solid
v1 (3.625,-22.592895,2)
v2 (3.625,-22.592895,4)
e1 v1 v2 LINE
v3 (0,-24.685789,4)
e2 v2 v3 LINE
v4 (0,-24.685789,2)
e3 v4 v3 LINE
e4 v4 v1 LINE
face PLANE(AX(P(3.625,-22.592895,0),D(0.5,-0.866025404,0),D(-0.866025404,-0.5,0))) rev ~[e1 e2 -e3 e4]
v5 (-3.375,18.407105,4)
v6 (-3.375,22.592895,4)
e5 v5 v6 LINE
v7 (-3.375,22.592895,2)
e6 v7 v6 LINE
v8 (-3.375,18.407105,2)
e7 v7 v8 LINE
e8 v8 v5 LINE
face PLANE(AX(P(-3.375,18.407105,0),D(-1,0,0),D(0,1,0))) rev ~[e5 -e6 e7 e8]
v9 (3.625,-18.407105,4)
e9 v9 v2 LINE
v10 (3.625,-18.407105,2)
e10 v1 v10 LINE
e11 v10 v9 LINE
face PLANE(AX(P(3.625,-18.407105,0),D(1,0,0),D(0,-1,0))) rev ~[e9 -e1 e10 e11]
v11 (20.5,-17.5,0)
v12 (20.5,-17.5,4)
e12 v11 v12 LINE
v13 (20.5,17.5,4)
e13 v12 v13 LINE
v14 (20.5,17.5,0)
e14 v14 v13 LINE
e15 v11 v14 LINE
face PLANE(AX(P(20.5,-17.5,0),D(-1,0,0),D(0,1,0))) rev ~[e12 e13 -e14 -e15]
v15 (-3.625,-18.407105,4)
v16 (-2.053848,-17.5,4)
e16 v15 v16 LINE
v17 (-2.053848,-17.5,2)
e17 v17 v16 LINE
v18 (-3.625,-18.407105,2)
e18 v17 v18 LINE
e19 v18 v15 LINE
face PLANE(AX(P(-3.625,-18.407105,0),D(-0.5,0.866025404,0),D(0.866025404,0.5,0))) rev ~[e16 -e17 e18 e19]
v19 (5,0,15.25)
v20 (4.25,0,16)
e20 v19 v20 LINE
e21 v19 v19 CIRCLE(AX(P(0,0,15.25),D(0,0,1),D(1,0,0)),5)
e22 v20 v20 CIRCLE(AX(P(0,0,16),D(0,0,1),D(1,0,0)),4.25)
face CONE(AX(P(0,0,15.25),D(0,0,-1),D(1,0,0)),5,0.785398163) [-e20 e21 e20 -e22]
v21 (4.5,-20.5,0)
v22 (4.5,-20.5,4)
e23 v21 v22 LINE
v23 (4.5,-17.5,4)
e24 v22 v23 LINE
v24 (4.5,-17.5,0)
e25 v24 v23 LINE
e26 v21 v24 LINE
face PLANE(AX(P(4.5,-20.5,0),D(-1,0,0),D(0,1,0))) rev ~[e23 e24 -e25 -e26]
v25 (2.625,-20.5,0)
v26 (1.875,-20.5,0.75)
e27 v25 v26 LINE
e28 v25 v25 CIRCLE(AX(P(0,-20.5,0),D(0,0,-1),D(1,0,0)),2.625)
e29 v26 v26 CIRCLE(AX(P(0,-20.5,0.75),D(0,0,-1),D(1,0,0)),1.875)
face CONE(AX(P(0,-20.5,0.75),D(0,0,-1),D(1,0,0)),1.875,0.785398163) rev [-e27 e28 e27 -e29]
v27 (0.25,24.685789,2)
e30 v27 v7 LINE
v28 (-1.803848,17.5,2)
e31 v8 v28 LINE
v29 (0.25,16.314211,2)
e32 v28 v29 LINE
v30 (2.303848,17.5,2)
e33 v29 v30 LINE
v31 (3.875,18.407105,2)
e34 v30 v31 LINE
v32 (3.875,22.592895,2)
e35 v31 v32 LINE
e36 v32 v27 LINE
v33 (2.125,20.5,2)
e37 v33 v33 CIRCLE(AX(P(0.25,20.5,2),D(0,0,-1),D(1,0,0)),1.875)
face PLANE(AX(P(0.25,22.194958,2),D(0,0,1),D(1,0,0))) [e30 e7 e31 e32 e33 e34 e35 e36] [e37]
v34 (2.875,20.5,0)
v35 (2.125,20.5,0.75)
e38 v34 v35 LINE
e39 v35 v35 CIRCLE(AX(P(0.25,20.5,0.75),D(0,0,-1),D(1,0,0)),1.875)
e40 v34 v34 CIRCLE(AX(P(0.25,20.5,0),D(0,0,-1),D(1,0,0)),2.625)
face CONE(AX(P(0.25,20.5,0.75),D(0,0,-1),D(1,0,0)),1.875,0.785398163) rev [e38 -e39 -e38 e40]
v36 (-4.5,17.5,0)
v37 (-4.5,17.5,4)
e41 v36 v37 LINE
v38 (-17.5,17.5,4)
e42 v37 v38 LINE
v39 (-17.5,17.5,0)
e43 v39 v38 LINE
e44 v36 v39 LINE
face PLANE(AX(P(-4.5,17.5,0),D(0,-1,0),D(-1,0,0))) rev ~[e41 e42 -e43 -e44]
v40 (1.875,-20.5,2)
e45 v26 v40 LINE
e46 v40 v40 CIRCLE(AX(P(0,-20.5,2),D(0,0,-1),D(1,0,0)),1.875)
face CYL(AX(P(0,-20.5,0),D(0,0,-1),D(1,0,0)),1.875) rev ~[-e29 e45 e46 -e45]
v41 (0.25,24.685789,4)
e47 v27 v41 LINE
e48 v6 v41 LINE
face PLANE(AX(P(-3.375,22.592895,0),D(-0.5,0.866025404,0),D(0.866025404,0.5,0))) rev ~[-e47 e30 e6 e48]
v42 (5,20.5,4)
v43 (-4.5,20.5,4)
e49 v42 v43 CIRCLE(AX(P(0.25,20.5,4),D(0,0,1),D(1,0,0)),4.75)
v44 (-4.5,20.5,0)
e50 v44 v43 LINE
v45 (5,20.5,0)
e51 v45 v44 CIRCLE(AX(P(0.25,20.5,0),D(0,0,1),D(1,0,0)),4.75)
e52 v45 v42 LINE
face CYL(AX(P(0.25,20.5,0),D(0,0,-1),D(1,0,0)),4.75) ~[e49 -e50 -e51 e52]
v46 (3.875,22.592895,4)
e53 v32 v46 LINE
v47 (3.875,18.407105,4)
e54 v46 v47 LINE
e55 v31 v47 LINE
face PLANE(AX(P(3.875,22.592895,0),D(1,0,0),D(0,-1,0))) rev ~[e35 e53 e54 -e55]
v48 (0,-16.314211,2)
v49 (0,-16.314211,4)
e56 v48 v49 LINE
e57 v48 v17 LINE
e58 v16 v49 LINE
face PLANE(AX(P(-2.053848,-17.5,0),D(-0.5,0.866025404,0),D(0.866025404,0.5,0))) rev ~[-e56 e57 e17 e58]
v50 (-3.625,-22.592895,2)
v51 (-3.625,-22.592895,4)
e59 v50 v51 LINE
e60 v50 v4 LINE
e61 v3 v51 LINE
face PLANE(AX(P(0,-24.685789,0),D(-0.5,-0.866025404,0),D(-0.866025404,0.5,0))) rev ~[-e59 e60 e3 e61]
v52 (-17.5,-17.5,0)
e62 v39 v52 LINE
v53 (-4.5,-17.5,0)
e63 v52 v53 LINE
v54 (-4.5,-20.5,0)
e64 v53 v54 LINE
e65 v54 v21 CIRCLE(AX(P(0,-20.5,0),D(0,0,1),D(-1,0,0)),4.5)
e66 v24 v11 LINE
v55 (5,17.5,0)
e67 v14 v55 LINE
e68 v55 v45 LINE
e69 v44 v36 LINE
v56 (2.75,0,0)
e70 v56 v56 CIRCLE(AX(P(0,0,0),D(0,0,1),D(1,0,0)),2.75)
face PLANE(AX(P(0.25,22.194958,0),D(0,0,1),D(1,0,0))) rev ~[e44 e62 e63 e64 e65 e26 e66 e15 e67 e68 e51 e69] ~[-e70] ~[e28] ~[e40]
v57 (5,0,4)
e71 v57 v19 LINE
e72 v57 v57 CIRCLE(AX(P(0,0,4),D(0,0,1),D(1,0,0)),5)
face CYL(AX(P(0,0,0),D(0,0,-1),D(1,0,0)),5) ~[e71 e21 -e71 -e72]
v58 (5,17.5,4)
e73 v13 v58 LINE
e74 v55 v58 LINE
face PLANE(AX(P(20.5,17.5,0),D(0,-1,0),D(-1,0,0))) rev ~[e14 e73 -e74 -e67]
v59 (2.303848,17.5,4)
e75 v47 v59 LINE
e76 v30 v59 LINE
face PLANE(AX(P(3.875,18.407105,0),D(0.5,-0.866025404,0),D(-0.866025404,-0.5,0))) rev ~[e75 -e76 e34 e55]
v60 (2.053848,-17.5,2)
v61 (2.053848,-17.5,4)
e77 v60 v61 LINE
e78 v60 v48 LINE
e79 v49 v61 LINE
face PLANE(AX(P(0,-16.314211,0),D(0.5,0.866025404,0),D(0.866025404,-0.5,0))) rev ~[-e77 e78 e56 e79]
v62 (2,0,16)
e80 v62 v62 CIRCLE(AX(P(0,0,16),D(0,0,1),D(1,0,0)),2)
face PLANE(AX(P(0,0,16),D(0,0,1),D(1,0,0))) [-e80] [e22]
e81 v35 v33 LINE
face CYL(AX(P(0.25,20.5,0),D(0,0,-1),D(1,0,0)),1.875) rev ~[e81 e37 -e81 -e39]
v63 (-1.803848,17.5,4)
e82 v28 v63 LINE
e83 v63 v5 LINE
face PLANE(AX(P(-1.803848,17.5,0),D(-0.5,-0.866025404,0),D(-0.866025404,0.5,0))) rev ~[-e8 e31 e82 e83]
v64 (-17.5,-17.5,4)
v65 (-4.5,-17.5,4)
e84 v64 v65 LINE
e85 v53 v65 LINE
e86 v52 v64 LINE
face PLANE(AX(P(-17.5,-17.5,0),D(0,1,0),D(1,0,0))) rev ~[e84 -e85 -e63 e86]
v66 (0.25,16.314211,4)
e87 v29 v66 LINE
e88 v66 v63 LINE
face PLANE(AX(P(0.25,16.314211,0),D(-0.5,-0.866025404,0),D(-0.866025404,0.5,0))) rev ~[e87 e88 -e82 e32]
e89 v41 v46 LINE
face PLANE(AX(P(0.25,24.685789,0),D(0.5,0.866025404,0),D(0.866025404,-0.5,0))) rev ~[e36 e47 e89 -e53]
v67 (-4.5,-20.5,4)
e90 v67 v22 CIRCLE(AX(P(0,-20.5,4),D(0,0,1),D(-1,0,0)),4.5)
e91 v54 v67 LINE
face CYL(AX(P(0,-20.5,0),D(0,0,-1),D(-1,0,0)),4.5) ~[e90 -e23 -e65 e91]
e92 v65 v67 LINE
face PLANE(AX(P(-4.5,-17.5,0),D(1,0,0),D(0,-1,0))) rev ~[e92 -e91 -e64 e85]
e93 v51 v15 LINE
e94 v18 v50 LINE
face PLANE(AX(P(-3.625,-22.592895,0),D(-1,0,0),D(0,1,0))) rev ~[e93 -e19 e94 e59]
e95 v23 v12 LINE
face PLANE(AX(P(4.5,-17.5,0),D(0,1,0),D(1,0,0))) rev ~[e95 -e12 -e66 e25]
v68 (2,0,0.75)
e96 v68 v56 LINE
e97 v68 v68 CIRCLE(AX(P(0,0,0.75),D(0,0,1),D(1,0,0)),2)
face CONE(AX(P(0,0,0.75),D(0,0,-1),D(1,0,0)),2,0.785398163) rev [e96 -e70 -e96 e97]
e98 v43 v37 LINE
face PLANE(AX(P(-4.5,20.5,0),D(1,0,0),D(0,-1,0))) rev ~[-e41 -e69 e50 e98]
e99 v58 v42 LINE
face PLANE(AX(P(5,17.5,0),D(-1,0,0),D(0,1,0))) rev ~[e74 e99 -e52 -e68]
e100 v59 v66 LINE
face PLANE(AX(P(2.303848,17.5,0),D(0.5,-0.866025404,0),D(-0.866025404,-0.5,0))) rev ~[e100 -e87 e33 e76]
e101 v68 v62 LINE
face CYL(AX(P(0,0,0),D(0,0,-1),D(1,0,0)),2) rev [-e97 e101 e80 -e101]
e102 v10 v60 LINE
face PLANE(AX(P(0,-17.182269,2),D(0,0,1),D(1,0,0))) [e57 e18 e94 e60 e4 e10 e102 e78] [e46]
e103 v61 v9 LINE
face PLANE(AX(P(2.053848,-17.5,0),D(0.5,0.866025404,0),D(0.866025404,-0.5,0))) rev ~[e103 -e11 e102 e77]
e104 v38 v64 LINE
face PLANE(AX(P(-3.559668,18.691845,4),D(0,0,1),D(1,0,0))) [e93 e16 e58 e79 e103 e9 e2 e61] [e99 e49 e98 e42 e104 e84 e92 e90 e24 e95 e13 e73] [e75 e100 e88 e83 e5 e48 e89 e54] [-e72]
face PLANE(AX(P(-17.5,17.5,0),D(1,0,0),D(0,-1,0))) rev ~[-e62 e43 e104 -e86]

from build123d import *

# Parameters (mm, degrees)
F0_R     = 5
F1_DEPTH = 4
F2_DEPTH = 2
F0_R_2   = 2
F3_DEPTH = 16
F4_SIZE  = 0.75
F5_SIZE  = 0.75


with BuildPart() as f1:
    # F0 (on Top) → F1 (new body)
    with BuildSketch(Plane.XY):
        Polygon((-4.5, 20.5), (-4.5, 17.5), (-1.8038475773, 17.5), (-3.375, 18.4071052742), (-3.375, 20.5), align=None)
        Polygon((3.875, 18.4071052742), (2.3038475773, 17.5), (5, 17.5), (5, 20.5), (3.875, 20.5), align=None)
        with BuildLine():
            ThreePointArc((5, 20.5), (0.25, 25.25), (-4.5, 20.5))
            Line((-4.5, 20.5), (-3.375, 20.5))
            Line((-3.375, 20.5), (-3.375, 22.5928947258))
            Line((-3.375, 22.5928947258), (0.25, 24.6857894516))
            Line((0.25, 24.6857894516), (3.875, 22.5928947258))
            Line((3.875, 22.5928947258), (3.875, 20.5))
            Line((3.875, 20.5), (5, 20.5))
        make_face()
        Polygon((-4.5, 17.5), (-17.5, 17.5), (-17.5, -17.5), (-4.5, -17.5), (-2.0538475773, -17.5), (0, -16.3142105484), (2.0538475773, -17.5), (4.5, -17.5), (20.5, -17.5), (20.5, 17.5), (5, 17.5), (2.3038475773, 17.5), (0.25, 16.3142105484), (-1.8038475773, 17.5), align=None)
        Circle(F0_R, mode=Mode.SUBTRACT)
        Polygon((-2.0538475773, -17.5), (-4.5, -17.5), (-4.5, -20.5), (-3.625, -20.5), (-3.625, -18.4071052742), align=None)
        Polygon((4.5, -17.5), (2.0538475773, -17.5), (3.625, -18.4071052742), (3.625, -20.5), (4.5, -20.5), align=None)
        with BuildLine():
            Line((-3.625, -20.5), (-4.5, -20.5))
            ThreePointArc((-4.5, -20.5), (0, -25), (4.5, -20.5))
            Line((4.5, -20.5), (3.625, -20.5))
            Line((3.625, -20.5), (3.625, -22.5928947258))
            Line((3.625, -22.5928947258), (0, -24.6857894516))
            Line((0, -24.6857894516), (-3.625, -22.5928947258))
            Line((-3.625, -22.5928947258), (-3.625, -20.5))
        make_face()
    extrude(amount=F1_DEPTH)

    # F0 (on Top) → F2 (join)
    with BuildSketch(Plane.XY):
        with BuildLine():
            Line((-3.375, 22.5928947258), (-3.375, 20.5))
            Line((-3.375, 20.5), (-1.625, 20.5))
            ThreePointArc((-1.625, 20.5), (0.25, 22.375), (2.125, 20.5))
            Line((2.125, 20.5), (3.875, 20.5))
            Line((3.875, 20.5), (3.875, 22.5928947258))
            Line((3.875, 22.5928947258), (0.25, 24.6857894516))
            Line((0.25, 24.6857894516), (-3.375, 22.5928947258))
        make_face()
        with BuildLine():
            Line((-3.375, 18.4071052742), (-1.8038475773, 17.5))
            Line((-1.8038475773, 17.5), (2.3038475773, 17.5))
            Line((2.3038475773, 17.5), (3.875, 18.4071052742))
            Line((3.875, 18.4071052742), (3.875, 20.5))
            Line((3.875, 20.5), (2.125, 20.5))
            ThreePointArc((2.125, 20.5), (0.25, 18.625), (-1.625, 20.5))
            Line((-1.625, 20.5), (-3.375, 20.5))
            Line((-3.375, 20.5), (-3.375, 18.4071052742))
        make_face()
        Polygon((2.3038475773, 17.5), (-1.8038475773, 17.5), (0.25, 16.3142105484), align=None)
        Polygon((0, -16.3142105484), (-2.0538475773, -17.5), (2.0538475773, -17.5), align=None)
        with BuildLine():
            Line((2.0538475773, -17.5), (-2.0538475773, -17.5))
            Line((-2.0538475773, -17.5), (-3.625, -18.4071052742))
            Line((-3.625, -18.4071052742), (-3.625, -20.5))
            Line((-3.625, -20.5), (-1.875, -20.5))
            ThreePointArc((-1.875, -20.5), (0, -18.625), (1.875, -20.5))
            Line((1.875, -20.5), (3.625, -20.5))
            Line((3.625, -20.5), (3.625, -18.4071052742))
            Line((3.625, -18.4071052742), (2.0538475773, -17.5))
        make_face()
        with BuildLine():
            Line((-1.875, -20.5), (-3.625, -20.5))
            Line((-3.625, -20.5), (-3.625, -22.5928947258))
            Line((-3.625, -22.5928947258), (0, -24.6857894516))
            Line((0, -24.6857894516), (3.625, -22.5928947258))
            Line((3.625, -22.5928947258), (3.625, -20.5))
            Line((3.625, -20.5), (1.875, -20.5))
            ThreePointArc((1.875, -20.5), (0, -22.375), (-1.875, -20.5))
        make_face()
    extrude(amount=F2_DEPTH)

    # F0 (on Top) → F3 (join)
    with BuildSketch(Plane.XY):
        Circle(F0_R)
        Circle(F0_R_2, mode=Mode.SUBTRACT)
    extrude(amount=F3_DEPTH)

    # F4
    f4_edges = [f1.edges().sort_by_distance(p)[0] for p in [
        (-5, 0, 16),
    ]]
    chamfer(f4_edges, length=F4_SIZE)

    # F5
    f5_edges = [f1.edges().sort_by_distance(p)[0] for p in [
        (-1.875, -20.5, 0),
        (-1.625, 20.5, 0),
        (-2, 0, 0),
    ]]
    chamfer(f5_edges, length=F5_SIZE)


solid = f1.part
